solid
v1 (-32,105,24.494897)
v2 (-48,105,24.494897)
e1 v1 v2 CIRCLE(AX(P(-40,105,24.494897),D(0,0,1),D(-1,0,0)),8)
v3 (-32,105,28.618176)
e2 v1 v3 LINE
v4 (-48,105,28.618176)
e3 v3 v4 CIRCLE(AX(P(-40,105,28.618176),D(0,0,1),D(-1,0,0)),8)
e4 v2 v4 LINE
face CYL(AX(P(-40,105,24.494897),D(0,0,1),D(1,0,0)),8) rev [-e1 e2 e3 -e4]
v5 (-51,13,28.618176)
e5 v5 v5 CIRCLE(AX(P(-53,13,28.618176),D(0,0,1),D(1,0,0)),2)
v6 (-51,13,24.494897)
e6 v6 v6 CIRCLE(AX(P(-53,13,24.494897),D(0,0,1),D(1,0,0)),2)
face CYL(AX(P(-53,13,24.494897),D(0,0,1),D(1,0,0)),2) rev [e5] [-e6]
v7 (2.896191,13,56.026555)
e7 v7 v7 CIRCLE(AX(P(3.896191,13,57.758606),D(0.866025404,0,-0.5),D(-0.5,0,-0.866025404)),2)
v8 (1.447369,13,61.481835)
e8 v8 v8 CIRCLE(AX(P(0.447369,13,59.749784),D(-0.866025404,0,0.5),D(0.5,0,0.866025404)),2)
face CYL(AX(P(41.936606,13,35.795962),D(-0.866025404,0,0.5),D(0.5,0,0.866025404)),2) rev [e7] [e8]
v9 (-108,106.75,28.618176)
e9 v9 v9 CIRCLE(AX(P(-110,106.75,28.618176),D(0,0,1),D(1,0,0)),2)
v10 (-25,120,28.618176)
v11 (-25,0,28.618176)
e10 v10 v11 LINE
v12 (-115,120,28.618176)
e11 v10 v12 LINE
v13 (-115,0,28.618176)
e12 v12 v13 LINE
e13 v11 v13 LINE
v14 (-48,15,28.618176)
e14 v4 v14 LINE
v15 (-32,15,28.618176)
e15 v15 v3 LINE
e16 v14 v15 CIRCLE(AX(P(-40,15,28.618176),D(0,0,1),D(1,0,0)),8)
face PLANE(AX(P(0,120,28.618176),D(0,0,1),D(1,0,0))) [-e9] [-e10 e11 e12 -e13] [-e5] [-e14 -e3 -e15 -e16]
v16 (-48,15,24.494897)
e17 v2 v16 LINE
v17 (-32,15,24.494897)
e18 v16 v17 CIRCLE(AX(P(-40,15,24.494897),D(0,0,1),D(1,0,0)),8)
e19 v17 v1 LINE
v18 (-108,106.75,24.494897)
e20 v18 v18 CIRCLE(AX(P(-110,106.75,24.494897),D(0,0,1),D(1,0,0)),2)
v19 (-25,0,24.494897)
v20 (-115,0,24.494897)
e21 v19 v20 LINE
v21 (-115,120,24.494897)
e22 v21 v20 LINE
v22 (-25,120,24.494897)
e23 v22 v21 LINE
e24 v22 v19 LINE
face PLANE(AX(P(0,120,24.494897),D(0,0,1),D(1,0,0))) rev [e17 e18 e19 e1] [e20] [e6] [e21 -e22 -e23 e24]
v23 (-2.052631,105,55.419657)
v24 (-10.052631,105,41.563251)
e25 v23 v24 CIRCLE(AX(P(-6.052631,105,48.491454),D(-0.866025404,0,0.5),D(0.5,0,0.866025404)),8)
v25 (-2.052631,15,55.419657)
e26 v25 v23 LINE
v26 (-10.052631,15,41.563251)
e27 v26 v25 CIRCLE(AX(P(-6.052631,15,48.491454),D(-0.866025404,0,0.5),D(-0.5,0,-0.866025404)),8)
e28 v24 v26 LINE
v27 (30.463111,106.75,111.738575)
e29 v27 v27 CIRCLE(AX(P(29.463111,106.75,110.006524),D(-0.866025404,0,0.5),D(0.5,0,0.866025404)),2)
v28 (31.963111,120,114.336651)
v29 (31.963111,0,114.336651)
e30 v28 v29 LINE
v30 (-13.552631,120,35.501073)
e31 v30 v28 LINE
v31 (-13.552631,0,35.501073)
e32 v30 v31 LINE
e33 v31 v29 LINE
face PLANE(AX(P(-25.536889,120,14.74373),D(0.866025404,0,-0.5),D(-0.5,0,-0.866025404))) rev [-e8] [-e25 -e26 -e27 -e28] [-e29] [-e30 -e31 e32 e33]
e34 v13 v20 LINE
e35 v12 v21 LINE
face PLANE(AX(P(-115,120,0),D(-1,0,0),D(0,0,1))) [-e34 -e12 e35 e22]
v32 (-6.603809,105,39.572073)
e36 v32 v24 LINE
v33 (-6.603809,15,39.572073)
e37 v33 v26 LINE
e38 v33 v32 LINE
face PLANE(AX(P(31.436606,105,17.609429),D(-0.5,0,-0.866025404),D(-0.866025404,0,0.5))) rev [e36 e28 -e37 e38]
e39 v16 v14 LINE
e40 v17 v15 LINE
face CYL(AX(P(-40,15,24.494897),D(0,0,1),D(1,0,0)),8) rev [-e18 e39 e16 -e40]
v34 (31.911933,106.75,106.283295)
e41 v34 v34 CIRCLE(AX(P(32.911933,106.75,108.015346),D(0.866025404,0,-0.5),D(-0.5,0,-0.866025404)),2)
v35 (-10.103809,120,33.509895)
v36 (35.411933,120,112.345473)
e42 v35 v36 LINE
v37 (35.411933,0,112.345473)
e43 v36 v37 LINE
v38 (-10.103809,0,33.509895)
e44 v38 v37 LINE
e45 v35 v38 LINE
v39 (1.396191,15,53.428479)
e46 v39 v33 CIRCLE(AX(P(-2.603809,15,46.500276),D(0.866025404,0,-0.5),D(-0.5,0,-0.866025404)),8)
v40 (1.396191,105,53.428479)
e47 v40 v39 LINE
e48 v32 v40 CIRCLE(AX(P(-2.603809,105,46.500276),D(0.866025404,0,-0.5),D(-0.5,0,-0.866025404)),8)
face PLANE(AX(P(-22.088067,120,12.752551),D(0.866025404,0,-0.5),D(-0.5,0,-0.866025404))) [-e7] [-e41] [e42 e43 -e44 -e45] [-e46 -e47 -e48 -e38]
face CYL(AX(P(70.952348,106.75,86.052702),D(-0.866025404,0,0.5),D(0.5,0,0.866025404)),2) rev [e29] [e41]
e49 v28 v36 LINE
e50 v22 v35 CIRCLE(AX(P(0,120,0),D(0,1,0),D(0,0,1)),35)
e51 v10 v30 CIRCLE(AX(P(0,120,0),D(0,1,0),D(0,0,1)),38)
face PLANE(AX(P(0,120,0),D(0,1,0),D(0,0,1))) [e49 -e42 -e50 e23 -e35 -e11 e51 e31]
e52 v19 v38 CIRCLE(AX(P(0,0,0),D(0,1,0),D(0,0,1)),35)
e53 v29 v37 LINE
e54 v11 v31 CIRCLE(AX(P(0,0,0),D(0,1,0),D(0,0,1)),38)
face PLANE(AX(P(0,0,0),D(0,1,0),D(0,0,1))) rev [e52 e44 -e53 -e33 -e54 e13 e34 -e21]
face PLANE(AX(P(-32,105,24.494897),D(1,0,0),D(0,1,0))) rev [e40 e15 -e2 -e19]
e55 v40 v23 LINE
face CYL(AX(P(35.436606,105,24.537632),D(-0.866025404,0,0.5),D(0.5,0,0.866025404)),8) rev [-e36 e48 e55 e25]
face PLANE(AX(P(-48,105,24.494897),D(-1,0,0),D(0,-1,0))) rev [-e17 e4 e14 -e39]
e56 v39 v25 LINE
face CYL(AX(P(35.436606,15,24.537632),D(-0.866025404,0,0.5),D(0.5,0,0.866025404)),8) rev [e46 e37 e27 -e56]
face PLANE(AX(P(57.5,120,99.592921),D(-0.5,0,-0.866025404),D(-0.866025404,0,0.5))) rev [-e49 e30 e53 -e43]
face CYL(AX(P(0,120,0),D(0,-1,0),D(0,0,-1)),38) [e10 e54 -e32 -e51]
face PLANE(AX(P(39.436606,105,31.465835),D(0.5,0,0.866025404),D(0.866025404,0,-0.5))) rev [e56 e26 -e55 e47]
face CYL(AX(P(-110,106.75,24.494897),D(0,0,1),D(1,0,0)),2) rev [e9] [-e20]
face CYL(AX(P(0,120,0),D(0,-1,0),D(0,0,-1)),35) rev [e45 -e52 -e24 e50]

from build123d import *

# Parameters (mm, degrees)
BOSS_EXTRU_1_DEPTH      = 120
ENL_V_MAT_EXTRU_1_DEPTH = 188.009777727
ENL_V_MAT_EXTRU_2_DEPTH = 180.784310366
ESQUISSE6_R             = 2
ENL_V_MAT_EXTRU_3_DEPTH = 188.009777727
ESQUISSE7_R             = 2
ENL_V_MAT_EXTRU_4_DEPTH = 180.784310366
ESQUISSE8_R             = 2
ENL_V_MAT_EXTRU_5_DEPTH = 188.009777727
ESQUISSE9_R             = 2
ENL_V_MAT_EXTRU_6_DEPTH = 180.784310366


with BuildPart() as part:
    # Esquisse3 → Boss.-Extru.1 (new body)
    with BuildSketch(Plane(origin=(0, 0, 0), x_dir=(1, 0, 0), z_dir=(0, 1, 0))):
        with BuildLine():
            ThreePointArc((-10.103808925, -33.509894736), (-18.121448463, -29.943498553), (-25, -24.494897428))
            Line((-25, -24.494897428), (-115, -24.494897428))
            Line((-115, -24.494897428), (-115, -28.618176043))
            Line((-115, -28.618176043), (-25, -28.618176043))
            ThreePointArc((-25, -28.618176043), (-19.581111, -32.566548666), (-13.552631037, -35.50107311))
            Line((-13.552631037, -35.50107311), (31.963111135, -114.336651096))
            Line((31.963111135, -114.336651096), (35.411933246, -112.345472721))
            Line((35.411933246, -112.345472721), (-10.103808925, -33.509894736))
        make_face()
    extrude(amount=BOSS_EXTRU_1_DEPTH)

    # Esquisse4 → Enlèv. mat.-Extru.1 (cut, through all)
    with BuildSketch(Plane.XY.offset(28.618176043)):
        with BuildLine():
            Line((-48, 105), (-48, 15))
            ThreePointArc((-48, 15), (-40, 7), (-32, 15))
            Line((-32, 15), (-32, 105))
            ThreePointArc((-32, 105), (-40, 113), (-48, 105))
        make_face()
    extrude(amount=-ENL_V_MAT_EXTRU_1_DEPTH, mode=Mode.SUBTRACT)

    # Esquisse5 → Enlèv. mat.-Extru.2 (cut, through all)
    with BuildSketch(Plane(origin=(-25.536888865, 0, 14.743729661), x_dir=(0.4999999999999999, 0, 0.8660254037844386), z_dir=(-0.8660254037844387, 0, 0.49999999999999994))):
        with BuildLine():
            Line((46.968515657, 105), (46.968515657, 15))
            ThreePointArc((46.968515657, 15), (38.968515657, 7), (30.968515657, 15))
            Line((30.968515657, 15), (30.968515657, 105))
            ThreePointArc((30.968515657, 105), (38.968515657, 113), (46.968515657, 105))
        make_face()
    extrude(amount=-ENL_V_MAT_EXTRU_2_DEPTH, mode=Mode.SUBTRACT)

    # Esquisse6 → Enlèv. mat.-Extru.3 (cut, through all)
    with BuildSketch(Plane.XY.offset(28.618176043)):
        with Locations((-110, 106.75)):
            Circle(ESQUISSE6_R)
    extrude(amount=-ENL_V_MAT_EXTRU_3_DEPTH, mode=Mode.SUBTRACT)

    # Esquisse7 → Enlèv. mat.-Extru.4 (cut, through all)
    with BuildSketch(Plane(origin=(-25.536888865, 0, 14.743729661), x_dir=(0.4999999999999999, 0, 0.8660254037844386), z_dir=(-0.8660254037844387, 0, 0.49999999999999994))):
        with Locations((110, 106.75)):
            Circle(ESQUISSE7_R)
    extrude(amount=-ENL_V_MAT_EXTRU_4_DEPTH, mode=Mode.SUBTRACT)

    # Esquisse8 → Enlèv. mat.-Extru.5 (cut, through all)
    with BuildSketch(Plane.XY.offset(28.618176043)):
        with Locations((-53, 13)):
            Circle(ESQUISSE8_R)
    extrude(amount=-ENL_V_MAT_EXTRU_5_DEPTH, mode=Mode.SUBTRACT)

    # Esquisse9 → Enlèv. mat.-Extru.6 (cut, through all)
    with BuildSketch(Plane(origin=(-25.536888865, 0, 14.743729661), x_dir=(0.4999999999999999, 0, 0.8660254037844386), z_dir=(-0.8660254037844387, 0, 0.49999999999999994))):
        with Locations((51.968515657, 13)):
            Circle(ESQUISSE9_R)
    extrude(amount=-ENL_V_MAT_EXTRU_6_DEPTH, mode=Mode.SUBTRACT)


solid = part.part
